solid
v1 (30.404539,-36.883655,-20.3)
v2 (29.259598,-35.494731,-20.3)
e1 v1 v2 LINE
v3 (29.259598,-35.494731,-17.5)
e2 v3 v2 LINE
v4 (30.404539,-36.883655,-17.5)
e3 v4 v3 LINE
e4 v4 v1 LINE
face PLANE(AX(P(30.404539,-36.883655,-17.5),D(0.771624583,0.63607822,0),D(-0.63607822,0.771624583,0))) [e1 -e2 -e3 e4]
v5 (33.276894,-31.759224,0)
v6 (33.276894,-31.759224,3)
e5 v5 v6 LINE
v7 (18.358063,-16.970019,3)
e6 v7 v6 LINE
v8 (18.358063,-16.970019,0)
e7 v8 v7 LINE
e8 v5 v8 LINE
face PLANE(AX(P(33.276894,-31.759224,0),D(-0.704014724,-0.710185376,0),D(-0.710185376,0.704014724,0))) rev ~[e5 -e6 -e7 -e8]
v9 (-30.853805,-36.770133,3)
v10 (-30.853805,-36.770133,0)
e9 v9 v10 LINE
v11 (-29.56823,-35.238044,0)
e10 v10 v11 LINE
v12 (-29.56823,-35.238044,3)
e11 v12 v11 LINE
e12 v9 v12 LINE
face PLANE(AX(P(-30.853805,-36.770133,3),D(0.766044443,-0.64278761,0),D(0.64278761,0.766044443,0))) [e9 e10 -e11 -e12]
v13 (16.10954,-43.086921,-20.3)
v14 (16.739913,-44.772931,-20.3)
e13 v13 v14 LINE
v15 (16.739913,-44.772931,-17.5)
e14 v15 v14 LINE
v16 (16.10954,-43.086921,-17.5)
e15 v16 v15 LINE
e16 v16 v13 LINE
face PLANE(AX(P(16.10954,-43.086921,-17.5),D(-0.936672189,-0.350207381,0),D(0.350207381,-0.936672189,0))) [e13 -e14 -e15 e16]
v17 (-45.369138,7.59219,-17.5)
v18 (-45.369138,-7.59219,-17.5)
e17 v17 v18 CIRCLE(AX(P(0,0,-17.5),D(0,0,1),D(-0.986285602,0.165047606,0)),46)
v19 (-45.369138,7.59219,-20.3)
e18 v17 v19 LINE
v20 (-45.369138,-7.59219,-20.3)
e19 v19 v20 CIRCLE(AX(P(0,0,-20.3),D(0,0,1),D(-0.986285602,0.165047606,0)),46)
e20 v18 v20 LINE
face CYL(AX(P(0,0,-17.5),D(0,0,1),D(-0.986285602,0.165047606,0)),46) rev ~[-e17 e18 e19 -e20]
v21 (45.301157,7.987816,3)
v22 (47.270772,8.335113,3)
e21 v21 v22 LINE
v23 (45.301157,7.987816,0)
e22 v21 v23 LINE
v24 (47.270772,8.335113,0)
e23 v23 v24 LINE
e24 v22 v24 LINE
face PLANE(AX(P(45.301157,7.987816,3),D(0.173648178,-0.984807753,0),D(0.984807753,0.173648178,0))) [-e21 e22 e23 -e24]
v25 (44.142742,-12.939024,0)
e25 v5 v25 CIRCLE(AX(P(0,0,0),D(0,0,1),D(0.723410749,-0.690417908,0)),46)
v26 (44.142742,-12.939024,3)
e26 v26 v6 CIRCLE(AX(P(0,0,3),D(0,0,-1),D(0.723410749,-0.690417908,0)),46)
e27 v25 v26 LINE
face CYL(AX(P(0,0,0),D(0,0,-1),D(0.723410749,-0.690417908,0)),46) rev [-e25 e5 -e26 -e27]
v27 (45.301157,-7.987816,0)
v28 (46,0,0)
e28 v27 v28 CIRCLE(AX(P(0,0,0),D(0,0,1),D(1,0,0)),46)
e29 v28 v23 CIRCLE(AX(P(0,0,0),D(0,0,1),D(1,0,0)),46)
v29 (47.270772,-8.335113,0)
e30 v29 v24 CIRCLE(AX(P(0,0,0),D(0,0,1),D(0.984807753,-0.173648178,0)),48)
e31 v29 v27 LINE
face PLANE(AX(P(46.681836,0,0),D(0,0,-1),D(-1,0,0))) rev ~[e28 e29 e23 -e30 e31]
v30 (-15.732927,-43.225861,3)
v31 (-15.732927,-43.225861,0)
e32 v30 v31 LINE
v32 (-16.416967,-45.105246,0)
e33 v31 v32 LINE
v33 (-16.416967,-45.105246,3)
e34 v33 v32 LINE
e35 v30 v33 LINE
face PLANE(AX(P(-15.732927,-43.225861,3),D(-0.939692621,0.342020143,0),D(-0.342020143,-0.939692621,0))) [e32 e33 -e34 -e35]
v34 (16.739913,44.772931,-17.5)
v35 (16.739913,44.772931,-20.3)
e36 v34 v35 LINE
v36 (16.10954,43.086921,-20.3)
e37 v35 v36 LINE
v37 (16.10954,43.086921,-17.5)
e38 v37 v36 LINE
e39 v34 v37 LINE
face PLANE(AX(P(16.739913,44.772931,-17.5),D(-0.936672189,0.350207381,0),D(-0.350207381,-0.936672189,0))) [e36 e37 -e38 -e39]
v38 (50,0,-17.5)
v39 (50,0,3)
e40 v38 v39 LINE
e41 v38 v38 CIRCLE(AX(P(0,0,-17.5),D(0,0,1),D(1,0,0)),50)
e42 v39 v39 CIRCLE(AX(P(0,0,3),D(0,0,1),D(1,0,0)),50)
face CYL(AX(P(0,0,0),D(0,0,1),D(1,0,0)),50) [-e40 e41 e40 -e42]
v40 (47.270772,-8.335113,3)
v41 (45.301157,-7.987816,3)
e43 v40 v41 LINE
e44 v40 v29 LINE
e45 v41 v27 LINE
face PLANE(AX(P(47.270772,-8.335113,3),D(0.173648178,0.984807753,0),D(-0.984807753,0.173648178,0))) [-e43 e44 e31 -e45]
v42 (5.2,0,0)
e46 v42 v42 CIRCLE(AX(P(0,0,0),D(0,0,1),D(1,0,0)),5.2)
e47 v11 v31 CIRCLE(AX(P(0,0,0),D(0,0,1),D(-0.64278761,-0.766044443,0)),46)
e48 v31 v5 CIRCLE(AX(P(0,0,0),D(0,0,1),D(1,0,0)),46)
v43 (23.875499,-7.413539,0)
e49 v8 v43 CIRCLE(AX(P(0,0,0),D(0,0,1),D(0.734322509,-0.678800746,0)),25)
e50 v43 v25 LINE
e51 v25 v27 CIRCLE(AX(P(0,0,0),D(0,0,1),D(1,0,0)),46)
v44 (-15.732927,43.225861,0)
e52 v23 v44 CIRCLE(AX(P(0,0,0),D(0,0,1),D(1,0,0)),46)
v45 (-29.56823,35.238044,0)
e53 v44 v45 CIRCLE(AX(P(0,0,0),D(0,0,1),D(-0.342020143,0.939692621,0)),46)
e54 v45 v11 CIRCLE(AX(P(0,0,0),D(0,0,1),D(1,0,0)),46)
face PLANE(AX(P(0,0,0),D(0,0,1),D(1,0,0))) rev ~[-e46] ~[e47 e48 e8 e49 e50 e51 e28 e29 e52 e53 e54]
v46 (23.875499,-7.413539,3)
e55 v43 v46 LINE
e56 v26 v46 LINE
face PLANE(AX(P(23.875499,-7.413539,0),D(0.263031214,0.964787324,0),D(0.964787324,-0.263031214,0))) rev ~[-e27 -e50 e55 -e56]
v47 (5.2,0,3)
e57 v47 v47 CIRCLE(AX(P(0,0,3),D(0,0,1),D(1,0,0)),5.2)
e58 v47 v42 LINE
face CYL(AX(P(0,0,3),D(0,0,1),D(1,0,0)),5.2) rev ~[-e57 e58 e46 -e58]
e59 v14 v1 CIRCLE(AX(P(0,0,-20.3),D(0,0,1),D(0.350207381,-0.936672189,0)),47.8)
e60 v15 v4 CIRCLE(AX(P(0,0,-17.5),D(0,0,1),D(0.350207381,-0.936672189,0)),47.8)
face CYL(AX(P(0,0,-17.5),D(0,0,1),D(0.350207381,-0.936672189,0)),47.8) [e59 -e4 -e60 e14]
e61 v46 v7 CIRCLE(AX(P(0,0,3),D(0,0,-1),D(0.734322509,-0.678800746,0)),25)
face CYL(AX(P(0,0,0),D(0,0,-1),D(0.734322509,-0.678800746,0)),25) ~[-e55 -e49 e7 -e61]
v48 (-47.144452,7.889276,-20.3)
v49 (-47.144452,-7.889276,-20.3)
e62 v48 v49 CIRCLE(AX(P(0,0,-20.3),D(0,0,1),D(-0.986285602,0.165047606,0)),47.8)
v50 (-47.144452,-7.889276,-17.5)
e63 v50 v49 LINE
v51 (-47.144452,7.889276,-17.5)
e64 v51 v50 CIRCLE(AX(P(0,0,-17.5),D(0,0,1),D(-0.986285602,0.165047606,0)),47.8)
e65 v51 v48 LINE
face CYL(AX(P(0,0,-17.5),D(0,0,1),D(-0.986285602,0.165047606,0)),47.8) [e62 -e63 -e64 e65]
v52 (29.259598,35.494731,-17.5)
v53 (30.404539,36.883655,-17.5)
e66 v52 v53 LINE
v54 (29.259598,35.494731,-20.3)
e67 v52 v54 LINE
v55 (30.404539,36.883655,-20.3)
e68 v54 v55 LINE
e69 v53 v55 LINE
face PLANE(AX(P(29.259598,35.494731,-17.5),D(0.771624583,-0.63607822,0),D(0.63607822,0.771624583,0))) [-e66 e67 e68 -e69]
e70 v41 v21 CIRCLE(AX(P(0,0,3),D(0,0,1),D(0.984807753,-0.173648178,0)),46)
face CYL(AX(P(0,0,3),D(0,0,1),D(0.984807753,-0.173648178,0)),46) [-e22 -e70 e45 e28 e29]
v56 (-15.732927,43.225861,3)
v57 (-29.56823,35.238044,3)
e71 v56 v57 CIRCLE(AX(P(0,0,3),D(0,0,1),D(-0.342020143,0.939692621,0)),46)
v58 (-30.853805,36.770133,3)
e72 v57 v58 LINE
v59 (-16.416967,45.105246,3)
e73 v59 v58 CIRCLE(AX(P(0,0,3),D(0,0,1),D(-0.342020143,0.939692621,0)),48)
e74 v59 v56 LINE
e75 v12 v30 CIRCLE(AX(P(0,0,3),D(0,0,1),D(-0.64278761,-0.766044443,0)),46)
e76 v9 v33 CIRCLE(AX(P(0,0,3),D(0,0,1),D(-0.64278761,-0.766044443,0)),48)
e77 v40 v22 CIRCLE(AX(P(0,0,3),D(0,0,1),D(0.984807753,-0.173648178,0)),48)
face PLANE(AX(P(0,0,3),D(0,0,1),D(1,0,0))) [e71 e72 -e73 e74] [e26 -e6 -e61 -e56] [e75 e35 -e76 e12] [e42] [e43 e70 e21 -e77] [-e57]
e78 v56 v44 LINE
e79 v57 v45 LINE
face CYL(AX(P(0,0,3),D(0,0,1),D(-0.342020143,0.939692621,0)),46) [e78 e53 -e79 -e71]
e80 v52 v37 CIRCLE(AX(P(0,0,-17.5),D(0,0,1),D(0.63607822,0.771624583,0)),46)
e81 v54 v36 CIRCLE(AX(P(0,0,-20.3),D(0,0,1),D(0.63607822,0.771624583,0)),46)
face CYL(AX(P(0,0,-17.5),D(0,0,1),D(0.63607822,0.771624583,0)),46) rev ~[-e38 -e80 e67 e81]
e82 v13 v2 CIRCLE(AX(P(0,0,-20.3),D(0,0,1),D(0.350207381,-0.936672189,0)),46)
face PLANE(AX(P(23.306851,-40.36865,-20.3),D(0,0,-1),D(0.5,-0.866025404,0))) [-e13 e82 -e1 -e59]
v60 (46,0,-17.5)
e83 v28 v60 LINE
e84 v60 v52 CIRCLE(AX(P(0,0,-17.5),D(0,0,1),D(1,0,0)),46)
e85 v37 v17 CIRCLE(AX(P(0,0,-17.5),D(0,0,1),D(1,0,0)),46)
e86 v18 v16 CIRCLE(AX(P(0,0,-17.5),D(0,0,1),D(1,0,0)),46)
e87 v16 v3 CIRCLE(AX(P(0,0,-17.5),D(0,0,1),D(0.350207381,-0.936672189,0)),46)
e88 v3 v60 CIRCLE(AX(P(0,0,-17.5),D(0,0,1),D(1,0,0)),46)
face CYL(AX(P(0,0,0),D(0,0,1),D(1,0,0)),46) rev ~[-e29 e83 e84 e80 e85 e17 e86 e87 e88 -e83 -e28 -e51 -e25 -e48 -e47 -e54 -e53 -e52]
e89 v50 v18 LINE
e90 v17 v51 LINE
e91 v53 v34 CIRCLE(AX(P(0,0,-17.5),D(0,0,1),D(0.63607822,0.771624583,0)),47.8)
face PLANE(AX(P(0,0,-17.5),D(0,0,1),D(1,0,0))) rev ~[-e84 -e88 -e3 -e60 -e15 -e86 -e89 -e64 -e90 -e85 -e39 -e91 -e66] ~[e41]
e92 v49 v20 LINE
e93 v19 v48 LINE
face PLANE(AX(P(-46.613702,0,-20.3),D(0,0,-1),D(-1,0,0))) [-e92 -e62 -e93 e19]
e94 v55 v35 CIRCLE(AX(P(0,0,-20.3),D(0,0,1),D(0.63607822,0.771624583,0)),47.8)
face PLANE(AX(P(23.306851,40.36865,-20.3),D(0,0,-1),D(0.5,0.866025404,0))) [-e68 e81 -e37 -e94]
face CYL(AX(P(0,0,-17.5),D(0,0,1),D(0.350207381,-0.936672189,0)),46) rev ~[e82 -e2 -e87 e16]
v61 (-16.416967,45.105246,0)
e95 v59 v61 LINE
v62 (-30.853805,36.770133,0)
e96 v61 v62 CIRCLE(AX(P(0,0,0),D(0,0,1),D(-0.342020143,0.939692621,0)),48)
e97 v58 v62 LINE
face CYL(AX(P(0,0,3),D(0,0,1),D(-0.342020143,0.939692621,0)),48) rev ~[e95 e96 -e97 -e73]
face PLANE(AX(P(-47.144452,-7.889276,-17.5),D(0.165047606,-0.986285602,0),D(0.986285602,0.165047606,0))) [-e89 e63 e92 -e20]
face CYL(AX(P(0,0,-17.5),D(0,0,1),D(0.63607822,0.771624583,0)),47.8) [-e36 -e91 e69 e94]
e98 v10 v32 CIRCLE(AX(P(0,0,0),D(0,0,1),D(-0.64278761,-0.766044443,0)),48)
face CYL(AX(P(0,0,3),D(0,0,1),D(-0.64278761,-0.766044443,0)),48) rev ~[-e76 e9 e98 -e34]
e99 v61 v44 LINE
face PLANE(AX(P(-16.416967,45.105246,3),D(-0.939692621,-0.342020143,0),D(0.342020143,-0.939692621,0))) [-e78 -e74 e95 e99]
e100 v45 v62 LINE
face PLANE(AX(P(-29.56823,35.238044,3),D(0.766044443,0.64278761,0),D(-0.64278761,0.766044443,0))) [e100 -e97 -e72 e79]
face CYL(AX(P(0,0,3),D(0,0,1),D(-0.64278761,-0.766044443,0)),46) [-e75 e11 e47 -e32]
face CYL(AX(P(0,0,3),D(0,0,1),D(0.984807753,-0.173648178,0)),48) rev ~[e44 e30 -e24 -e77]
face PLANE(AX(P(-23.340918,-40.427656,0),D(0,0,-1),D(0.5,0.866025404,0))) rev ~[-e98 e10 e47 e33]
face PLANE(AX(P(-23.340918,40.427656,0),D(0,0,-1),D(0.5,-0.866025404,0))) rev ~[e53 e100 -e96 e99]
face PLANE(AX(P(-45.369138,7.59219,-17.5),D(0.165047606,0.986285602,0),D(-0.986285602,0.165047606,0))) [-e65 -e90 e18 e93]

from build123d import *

# Parameters (mm, degrees)
SKETCH_R              = 50
PAD_DEPTH             = 3
SKETCH004_R           = 5.2
POCKET001_DEPTH       = 3.001
POCKET002_DEPTH       = 3.001
SKETCH006_R           = 50
SKETCH006_R_2         = 46
PAD001_DEPTH          = 17.5
POCKET003_DEPTH       = 3
POLARPATTERN001_COUNT = 3
PAD002_DEPTH          = 2.8
POLARPATTERN002_COUNT = 3


with BuildPart() as part:
    # Sketch → Pad (new body)
    with BuildSketch(Plane.XY):
        Circle(SKETCH_R)
    extrude(amount=PAD_DEPTH)

    # Sketch004 (on DatumPlane) → Pocket001 (cut, through all)
    with BuildSketch(Plane.XY.offset(3)):
        Circle(SKETCH004_R)
    extrude(amount=-POCKET001_DEPTH, mode=Mode.SUBTRACT)

    # Sketch005 → Pocket002 (cut, through all)
    with BuildSketch(Plane.XY):
        with BuildLine():
            ThreePointArc((33.2768944622, -31.7592237776), (39.8371685741, -23), (44.1427418269, -12.9390240745))
            Line((23.8754986114, -7.4135393744), (44.1427418269, -12.9390240745))
            ThreePointArc((18.3580627359, -16.9700186383), (21.6506350946, -12.5), (23.8754986114, -7.4135393744))
            Line((33.2768944622, -31.7592237776), (18.3580627359, -16.9700186383))
        make_face()
    extrude(amount=POCKET002_DEPTH, mode=Mode.SUBTRACT)

    # Sketch006 → Pad001 (join)
    with BuildSketch(Plane.XY):
        Circle(SKETCH006_R)
        Circle(SKETCH006_R_2, mode=Mode.SUBTRACT)
    extrude(amount=-PAD001_DEPTH)

    # Sketch007 (on DatumPlane) → Pocket003 (cut)
    with BuildSketch(Plane.XY.offset(3)):
        with BuildLine():
            ThreePointArc((45.3011566386, -7.9878161727), (46, 0), (45.3011566386, 7.9878161727))
            Line((45.3011566386, 7.9878161727), (47.2707721446, 8.335112528))
            ThreePointArc((47.2707721446, -8.335112528), (48, 0), (47.2707721446, 8.335112528))
            Line((47.2707721446, -8.335112528), (45.3011566386, -7.9878161727))
        make_face()
    pocket003 = extrude(amount=-POCKET003_DEPTH, mode=Mode.SUBTRACT)

    # PolarPattern001: Pocket003 ×3 about axis
    polarpattern001_axis = Axis((0, 0, 3), (0, 0, 1))
    for i in range(1, POLARPATTERN001_COUNT):
        add(pocket003.rotate(polarpattern001_axis, i * 360 / POLARPATTERN001_COUNT), mode=Mode.SUBTRACT)

    # Sketch008 (on DatumPlane) → Pad002 (join)
    with BuildSketch(Plane.XY.offset(-17.5)):
        with BuildLine():
            ThreePointArc((-45.3691376707, 7.5921898696), (-46, 0), (-45.3691376707, -7.5921898696))
            Line((-47.1444517535, -7.8892755601), (-45.3691376707, -7.5921898696))
            ThreePointArc((-47.1444517535, 7.8892755601), (-47.8, 0), (-47.1444517535, -7.8892755601))
            Line((-45.3691376707, 7.5921898696), (-47.1444517535, 7.8892755601))
        make_face()
    pad002 = extrude(amount=-PAD002_DEPTH)

    # PolarPattern002: Pad002 ×3 about axis
    polarpattern002_axis = Axis((0, 0, -17.5), (0, 0, 1))
    for i in range(1, POLARPATTERN002_COUNT):
        add(pad002.rotate(polarpattern002_axis, i * 360 / POLARPATTERN002_COUNT))


solid = part.part
